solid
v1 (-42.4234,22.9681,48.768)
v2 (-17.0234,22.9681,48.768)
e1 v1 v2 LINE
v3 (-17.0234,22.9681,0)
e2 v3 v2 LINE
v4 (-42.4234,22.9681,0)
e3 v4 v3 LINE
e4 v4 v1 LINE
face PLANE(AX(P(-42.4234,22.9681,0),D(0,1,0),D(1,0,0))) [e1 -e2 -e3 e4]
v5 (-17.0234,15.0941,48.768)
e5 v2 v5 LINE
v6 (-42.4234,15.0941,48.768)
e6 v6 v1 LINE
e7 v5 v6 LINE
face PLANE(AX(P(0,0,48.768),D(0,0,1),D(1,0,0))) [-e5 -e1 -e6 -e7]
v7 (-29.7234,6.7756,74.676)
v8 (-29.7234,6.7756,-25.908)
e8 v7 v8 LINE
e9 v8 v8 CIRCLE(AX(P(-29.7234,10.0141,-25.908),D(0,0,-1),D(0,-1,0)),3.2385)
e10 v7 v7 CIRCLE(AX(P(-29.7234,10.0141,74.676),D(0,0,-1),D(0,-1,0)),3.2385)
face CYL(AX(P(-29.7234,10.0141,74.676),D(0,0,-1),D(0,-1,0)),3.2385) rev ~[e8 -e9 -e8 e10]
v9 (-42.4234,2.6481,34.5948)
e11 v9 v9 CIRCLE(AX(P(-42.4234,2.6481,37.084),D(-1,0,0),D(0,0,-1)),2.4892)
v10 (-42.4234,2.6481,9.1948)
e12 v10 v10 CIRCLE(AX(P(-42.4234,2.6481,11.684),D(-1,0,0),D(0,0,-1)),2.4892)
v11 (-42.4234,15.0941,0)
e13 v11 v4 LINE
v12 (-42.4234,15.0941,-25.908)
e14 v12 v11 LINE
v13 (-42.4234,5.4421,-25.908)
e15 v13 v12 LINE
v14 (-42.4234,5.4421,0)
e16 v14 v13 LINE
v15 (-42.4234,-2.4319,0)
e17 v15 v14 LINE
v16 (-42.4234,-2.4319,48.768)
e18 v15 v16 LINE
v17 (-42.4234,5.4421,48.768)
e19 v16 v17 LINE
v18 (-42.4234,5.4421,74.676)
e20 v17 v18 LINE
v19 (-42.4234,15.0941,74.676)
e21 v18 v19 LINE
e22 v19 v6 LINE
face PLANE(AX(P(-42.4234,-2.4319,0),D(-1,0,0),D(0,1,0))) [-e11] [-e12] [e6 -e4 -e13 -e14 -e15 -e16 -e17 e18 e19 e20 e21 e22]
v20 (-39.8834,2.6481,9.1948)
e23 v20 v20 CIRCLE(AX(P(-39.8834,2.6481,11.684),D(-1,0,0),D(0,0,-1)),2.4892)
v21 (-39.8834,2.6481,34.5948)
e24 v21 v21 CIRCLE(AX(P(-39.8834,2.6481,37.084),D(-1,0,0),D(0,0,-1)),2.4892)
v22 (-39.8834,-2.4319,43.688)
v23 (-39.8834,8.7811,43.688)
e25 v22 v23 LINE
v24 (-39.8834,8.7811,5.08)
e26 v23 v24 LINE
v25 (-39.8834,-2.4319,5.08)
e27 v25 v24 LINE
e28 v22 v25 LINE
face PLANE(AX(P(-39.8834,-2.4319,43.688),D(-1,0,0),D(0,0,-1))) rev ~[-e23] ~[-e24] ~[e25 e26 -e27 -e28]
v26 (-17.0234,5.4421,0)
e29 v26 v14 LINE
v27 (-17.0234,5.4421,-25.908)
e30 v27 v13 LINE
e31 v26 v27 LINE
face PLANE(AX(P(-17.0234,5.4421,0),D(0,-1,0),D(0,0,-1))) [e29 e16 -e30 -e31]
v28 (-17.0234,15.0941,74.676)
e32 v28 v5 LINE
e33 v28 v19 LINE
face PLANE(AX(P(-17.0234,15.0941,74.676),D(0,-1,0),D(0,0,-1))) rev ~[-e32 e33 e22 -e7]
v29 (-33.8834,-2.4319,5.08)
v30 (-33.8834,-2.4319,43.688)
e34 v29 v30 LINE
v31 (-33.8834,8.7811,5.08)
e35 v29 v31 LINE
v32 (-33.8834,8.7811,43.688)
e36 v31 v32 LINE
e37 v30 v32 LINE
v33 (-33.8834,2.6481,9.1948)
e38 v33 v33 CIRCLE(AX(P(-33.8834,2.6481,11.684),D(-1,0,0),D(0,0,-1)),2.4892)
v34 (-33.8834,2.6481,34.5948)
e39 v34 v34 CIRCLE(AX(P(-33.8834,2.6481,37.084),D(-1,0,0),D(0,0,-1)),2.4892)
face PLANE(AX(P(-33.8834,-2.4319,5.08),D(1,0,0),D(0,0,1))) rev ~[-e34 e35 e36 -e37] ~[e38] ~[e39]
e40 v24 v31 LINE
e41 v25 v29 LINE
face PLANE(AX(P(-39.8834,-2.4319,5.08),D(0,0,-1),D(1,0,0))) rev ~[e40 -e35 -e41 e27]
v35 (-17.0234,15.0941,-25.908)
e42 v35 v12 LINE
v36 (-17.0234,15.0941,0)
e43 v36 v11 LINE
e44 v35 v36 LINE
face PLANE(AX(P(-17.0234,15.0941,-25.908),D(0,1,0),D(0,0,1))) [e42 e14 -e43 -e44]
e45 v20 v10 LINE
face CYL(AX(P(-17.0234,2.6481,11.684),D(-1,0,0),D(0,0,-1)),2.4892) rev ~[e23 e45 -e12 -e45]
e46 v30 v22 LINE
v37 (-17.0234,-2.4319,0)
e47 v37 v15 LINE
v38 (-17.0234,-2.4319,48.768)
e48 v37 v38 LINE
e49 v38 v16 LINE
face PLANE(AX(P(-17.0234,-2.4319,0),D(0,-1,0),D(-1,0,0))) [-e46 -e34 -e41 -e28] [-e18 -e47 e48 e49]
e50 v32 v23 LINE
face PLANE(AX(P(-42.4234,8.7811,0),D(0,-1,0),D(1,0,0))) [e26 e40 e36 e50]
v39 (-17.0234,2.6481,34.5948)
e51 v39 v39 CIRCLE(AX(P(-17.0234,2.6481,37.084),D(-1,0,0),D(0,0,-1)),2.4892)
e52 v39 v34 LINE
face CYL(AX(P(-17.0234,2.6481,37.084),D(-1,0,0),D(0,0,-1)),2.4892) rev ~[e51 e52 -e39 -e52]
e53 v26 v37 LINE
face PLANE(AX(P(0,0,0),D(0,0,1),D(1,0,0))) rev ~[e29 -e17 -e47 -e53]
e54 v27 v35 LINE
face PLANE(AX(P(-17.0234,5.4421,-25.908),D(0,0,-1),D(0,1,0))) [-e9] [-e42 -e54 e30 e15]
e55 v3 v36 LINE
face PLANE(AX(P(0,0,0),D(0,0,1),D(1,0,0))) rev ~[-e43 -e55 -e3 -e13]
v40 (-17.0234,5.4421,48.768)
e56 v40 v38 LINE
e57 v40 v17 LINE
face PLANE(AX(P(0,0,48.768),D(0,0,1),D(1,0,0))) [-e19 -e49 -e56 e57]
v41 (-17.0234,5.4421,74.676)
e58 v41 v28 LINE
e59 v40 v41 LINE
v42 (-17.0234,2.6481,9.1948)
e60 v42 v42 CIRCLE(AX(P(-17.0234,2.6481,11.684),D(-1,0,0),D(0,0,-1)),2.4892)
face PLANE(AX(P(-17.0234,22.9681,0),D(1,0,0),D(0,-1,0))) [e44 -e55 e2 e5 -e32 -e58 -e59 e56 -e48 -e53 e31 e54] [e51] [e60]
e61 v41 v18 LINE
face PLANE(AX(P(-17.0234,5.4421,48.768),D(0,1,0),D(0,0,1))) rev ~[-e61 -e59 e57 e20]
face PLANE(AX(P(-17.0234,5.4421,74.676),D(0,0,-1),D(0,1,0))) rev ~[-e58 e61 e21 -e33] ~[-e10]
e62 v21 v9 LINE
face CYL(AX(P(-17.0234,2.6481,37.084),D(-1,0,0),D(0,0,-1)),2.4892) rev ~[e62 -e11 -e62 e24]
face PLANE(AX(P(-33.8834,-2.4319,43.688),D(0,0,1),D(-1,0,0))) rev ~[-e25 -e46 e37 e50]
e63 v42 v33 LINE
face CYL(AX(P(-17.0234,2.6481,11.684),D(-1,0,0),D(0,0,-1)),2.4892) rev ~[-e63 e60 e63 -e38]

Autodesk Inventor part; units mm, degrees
ref_plane "YZ Plane" through (0, 0, 0) normal (1, 0, 0) x (0, 1, 0)
ref_plane "XZ Plane" through (0, 0, 0) normal (0, 1, 0) x (-1, 0, 0)
ref_plane "XY Plane" through (0, 0, 0) normal (0, 0, 1) x (1, 0, 0)
sketch "Sketch1" plane through (0, 0, 0) normal (0, 0, 1) x (1, 0, 0)
  line L0 (-42.4234, 22.9681) -> (-17.0234, 22.9681)
  line L1 (-17.0234, 22.9681) -> (-17.0234, -2.4319)
  line L2 (-17.0234, -2.4319) -> (-42.4234, -2.4319)
  line L3 (-42.4234, -2.4319) -> (-42.4234, 22.9681)
  point P0 (0, 0)
  dimension "d0" = 25.4
  dimension "d1" = 25.4
extrude "Extrusion1" add sketch "Sketch1" along normal blind 48.768
sketch "Sketch2" plane through (-17.0234, -2.4319, 0) normal (1, 0, 0) x (0, 0, -1)
  line L0 (-48.768, 17.526) -> (-48.768, 7.874)
  line L1 (-48.768, 7.874) -> (-74.676, 7.874)
  line L2 (-74.676, 7.874) -> (-74.676, 17.526)
  line L3 (-74.676, 17.526) -> (-48.768, 17.526)
  line L4 (-48.768, 0) -> (-48.768, 25.4) projected
  line L5 (0, 0) -> (-48.768, 0) projected
  line L6 (0, 25.4) -> (-48.768, 25.4) projected
  point P0 (0, 2.4319)
  dimension "d4" = 25.908
  dimension "d94" = 7.874
  dimension "d95" = 7.874
extrude "Extrusion2" add sketch "Sketch2" against normal blind 25.4
sketch "Sketch3" plane through (-17.0234, -2.4319, 0) normal (1, 0, 0) x (0, 0, -1)
  line L0 (0, 17.526) -> (0, 7.874)
  line L1 (0, 7.874) -> (25.908, 7.874)
  line L2 (25.908, 7.874) -> (25.908, 17.526)
  line L3 (25.908, 17.526) -> (0, 17.526)
  line L4 (-74.676, 7.874) -> (-48.768, 7.874) projected
  line L5 (-48.768, 17.526) -> (-74.676, 17.526) projected
  line L6 (0, 25.4) -> (0, 0) projected
  line L7 (0, 0) -> (-48.768, 0) projected
  line L8 (0, 25.4) -> (-48.768, 25.4) projected
  point P0 (0, 2.4319)
  point P1 (0, 22.86)
  point P2 (-55.88, 7.62)
  point P3 (-55.88, 17.78)
  point P4 (-48.768, 7.874)
  dimension "d20" = 9.652
  dimension "d23" = 9.652
  dimension "d92" = 7.874
  dimension "d96" = 25.908
  dimension "d97" = 7.874
extrude "Extrusion3" add sketch "Sketch3" against normal blind 25.4
sketch "Sketch4" plane through (-17.0234, 5.4421, 74.676) normal (0, 0, 1) x (1, 0, 0)
  line L0 (0, 9.652) -> (-25.4, 9.652) projected
  line L1 (-25.4, 0) -> (-25.4, 9.652) projected
  point P0 (17.0234, -5.4421)
  point P1 (-12.7, 4.572)
  dimension "d26" = 5.08
  dimension "d27" = 12.7
hole "Hole1" at (-29.7234, 10.0141, 74.676) direction (0, 0, -1) diameter 6.477 end through all
sketch "Sketch5" plane through (-17.0234, 22.9681, 48.768) normal (1, 0, 0) x (0, 0, -1)
  line L0 (48.768, -25.4) -> (0, -25.4) projected
  point P0 (48.768, -22.9681)
  point P1 (11.684, -20.32)
  point P2 (37.084, -20.32)
  dimension "d35" = 5.08
  dimension "d36" = 5.08
  dimension "d37" = 11.684
  dimension "d38" = 11.684
  dimension "d93" = 25.4
hole "Hole2" at (-17.0234, 2.6481, 37.084) at (-17.0234, 2.6481, 11.684) direction (-1, 0, 0) diameter 4.9784 end through all thread size "1/4-20 UNC" class "2B" standard "ANSI Unified Screw Threads"
sketch "Sketch19" plane through (-42.4234, -2.4319, 0) normal (0, -1, 0) x (1, 0, 0)
  line L0 (8.54, 43.688) -> (2.54, 43.688)
  line L1 (2.54, 43.688) -> (2.54, 5.08)
  line L2 (2.54, 5.08) -> (8.54, 5.08)
  line L3 (8.54, 5.08) -> (8.54, 43.688)
  line L4 (25.4, 0) -> (0, 0) projected
  line L5 (0, 48.768) -> (25.4, 48.768) projected
  line L6 (0, 0) -> (0, 48.768) projected
  point P0 (42.4234, 0)
  dimension "d98" = 6
  dimension "d99" = 5.08
  dimension "d100" = 5.08
  dimension "d101" = 2.54
extrude "Extrusion13" cut sketch "Sketch19" against normal blind 11.213
properties part number "SliderSlide2r"
